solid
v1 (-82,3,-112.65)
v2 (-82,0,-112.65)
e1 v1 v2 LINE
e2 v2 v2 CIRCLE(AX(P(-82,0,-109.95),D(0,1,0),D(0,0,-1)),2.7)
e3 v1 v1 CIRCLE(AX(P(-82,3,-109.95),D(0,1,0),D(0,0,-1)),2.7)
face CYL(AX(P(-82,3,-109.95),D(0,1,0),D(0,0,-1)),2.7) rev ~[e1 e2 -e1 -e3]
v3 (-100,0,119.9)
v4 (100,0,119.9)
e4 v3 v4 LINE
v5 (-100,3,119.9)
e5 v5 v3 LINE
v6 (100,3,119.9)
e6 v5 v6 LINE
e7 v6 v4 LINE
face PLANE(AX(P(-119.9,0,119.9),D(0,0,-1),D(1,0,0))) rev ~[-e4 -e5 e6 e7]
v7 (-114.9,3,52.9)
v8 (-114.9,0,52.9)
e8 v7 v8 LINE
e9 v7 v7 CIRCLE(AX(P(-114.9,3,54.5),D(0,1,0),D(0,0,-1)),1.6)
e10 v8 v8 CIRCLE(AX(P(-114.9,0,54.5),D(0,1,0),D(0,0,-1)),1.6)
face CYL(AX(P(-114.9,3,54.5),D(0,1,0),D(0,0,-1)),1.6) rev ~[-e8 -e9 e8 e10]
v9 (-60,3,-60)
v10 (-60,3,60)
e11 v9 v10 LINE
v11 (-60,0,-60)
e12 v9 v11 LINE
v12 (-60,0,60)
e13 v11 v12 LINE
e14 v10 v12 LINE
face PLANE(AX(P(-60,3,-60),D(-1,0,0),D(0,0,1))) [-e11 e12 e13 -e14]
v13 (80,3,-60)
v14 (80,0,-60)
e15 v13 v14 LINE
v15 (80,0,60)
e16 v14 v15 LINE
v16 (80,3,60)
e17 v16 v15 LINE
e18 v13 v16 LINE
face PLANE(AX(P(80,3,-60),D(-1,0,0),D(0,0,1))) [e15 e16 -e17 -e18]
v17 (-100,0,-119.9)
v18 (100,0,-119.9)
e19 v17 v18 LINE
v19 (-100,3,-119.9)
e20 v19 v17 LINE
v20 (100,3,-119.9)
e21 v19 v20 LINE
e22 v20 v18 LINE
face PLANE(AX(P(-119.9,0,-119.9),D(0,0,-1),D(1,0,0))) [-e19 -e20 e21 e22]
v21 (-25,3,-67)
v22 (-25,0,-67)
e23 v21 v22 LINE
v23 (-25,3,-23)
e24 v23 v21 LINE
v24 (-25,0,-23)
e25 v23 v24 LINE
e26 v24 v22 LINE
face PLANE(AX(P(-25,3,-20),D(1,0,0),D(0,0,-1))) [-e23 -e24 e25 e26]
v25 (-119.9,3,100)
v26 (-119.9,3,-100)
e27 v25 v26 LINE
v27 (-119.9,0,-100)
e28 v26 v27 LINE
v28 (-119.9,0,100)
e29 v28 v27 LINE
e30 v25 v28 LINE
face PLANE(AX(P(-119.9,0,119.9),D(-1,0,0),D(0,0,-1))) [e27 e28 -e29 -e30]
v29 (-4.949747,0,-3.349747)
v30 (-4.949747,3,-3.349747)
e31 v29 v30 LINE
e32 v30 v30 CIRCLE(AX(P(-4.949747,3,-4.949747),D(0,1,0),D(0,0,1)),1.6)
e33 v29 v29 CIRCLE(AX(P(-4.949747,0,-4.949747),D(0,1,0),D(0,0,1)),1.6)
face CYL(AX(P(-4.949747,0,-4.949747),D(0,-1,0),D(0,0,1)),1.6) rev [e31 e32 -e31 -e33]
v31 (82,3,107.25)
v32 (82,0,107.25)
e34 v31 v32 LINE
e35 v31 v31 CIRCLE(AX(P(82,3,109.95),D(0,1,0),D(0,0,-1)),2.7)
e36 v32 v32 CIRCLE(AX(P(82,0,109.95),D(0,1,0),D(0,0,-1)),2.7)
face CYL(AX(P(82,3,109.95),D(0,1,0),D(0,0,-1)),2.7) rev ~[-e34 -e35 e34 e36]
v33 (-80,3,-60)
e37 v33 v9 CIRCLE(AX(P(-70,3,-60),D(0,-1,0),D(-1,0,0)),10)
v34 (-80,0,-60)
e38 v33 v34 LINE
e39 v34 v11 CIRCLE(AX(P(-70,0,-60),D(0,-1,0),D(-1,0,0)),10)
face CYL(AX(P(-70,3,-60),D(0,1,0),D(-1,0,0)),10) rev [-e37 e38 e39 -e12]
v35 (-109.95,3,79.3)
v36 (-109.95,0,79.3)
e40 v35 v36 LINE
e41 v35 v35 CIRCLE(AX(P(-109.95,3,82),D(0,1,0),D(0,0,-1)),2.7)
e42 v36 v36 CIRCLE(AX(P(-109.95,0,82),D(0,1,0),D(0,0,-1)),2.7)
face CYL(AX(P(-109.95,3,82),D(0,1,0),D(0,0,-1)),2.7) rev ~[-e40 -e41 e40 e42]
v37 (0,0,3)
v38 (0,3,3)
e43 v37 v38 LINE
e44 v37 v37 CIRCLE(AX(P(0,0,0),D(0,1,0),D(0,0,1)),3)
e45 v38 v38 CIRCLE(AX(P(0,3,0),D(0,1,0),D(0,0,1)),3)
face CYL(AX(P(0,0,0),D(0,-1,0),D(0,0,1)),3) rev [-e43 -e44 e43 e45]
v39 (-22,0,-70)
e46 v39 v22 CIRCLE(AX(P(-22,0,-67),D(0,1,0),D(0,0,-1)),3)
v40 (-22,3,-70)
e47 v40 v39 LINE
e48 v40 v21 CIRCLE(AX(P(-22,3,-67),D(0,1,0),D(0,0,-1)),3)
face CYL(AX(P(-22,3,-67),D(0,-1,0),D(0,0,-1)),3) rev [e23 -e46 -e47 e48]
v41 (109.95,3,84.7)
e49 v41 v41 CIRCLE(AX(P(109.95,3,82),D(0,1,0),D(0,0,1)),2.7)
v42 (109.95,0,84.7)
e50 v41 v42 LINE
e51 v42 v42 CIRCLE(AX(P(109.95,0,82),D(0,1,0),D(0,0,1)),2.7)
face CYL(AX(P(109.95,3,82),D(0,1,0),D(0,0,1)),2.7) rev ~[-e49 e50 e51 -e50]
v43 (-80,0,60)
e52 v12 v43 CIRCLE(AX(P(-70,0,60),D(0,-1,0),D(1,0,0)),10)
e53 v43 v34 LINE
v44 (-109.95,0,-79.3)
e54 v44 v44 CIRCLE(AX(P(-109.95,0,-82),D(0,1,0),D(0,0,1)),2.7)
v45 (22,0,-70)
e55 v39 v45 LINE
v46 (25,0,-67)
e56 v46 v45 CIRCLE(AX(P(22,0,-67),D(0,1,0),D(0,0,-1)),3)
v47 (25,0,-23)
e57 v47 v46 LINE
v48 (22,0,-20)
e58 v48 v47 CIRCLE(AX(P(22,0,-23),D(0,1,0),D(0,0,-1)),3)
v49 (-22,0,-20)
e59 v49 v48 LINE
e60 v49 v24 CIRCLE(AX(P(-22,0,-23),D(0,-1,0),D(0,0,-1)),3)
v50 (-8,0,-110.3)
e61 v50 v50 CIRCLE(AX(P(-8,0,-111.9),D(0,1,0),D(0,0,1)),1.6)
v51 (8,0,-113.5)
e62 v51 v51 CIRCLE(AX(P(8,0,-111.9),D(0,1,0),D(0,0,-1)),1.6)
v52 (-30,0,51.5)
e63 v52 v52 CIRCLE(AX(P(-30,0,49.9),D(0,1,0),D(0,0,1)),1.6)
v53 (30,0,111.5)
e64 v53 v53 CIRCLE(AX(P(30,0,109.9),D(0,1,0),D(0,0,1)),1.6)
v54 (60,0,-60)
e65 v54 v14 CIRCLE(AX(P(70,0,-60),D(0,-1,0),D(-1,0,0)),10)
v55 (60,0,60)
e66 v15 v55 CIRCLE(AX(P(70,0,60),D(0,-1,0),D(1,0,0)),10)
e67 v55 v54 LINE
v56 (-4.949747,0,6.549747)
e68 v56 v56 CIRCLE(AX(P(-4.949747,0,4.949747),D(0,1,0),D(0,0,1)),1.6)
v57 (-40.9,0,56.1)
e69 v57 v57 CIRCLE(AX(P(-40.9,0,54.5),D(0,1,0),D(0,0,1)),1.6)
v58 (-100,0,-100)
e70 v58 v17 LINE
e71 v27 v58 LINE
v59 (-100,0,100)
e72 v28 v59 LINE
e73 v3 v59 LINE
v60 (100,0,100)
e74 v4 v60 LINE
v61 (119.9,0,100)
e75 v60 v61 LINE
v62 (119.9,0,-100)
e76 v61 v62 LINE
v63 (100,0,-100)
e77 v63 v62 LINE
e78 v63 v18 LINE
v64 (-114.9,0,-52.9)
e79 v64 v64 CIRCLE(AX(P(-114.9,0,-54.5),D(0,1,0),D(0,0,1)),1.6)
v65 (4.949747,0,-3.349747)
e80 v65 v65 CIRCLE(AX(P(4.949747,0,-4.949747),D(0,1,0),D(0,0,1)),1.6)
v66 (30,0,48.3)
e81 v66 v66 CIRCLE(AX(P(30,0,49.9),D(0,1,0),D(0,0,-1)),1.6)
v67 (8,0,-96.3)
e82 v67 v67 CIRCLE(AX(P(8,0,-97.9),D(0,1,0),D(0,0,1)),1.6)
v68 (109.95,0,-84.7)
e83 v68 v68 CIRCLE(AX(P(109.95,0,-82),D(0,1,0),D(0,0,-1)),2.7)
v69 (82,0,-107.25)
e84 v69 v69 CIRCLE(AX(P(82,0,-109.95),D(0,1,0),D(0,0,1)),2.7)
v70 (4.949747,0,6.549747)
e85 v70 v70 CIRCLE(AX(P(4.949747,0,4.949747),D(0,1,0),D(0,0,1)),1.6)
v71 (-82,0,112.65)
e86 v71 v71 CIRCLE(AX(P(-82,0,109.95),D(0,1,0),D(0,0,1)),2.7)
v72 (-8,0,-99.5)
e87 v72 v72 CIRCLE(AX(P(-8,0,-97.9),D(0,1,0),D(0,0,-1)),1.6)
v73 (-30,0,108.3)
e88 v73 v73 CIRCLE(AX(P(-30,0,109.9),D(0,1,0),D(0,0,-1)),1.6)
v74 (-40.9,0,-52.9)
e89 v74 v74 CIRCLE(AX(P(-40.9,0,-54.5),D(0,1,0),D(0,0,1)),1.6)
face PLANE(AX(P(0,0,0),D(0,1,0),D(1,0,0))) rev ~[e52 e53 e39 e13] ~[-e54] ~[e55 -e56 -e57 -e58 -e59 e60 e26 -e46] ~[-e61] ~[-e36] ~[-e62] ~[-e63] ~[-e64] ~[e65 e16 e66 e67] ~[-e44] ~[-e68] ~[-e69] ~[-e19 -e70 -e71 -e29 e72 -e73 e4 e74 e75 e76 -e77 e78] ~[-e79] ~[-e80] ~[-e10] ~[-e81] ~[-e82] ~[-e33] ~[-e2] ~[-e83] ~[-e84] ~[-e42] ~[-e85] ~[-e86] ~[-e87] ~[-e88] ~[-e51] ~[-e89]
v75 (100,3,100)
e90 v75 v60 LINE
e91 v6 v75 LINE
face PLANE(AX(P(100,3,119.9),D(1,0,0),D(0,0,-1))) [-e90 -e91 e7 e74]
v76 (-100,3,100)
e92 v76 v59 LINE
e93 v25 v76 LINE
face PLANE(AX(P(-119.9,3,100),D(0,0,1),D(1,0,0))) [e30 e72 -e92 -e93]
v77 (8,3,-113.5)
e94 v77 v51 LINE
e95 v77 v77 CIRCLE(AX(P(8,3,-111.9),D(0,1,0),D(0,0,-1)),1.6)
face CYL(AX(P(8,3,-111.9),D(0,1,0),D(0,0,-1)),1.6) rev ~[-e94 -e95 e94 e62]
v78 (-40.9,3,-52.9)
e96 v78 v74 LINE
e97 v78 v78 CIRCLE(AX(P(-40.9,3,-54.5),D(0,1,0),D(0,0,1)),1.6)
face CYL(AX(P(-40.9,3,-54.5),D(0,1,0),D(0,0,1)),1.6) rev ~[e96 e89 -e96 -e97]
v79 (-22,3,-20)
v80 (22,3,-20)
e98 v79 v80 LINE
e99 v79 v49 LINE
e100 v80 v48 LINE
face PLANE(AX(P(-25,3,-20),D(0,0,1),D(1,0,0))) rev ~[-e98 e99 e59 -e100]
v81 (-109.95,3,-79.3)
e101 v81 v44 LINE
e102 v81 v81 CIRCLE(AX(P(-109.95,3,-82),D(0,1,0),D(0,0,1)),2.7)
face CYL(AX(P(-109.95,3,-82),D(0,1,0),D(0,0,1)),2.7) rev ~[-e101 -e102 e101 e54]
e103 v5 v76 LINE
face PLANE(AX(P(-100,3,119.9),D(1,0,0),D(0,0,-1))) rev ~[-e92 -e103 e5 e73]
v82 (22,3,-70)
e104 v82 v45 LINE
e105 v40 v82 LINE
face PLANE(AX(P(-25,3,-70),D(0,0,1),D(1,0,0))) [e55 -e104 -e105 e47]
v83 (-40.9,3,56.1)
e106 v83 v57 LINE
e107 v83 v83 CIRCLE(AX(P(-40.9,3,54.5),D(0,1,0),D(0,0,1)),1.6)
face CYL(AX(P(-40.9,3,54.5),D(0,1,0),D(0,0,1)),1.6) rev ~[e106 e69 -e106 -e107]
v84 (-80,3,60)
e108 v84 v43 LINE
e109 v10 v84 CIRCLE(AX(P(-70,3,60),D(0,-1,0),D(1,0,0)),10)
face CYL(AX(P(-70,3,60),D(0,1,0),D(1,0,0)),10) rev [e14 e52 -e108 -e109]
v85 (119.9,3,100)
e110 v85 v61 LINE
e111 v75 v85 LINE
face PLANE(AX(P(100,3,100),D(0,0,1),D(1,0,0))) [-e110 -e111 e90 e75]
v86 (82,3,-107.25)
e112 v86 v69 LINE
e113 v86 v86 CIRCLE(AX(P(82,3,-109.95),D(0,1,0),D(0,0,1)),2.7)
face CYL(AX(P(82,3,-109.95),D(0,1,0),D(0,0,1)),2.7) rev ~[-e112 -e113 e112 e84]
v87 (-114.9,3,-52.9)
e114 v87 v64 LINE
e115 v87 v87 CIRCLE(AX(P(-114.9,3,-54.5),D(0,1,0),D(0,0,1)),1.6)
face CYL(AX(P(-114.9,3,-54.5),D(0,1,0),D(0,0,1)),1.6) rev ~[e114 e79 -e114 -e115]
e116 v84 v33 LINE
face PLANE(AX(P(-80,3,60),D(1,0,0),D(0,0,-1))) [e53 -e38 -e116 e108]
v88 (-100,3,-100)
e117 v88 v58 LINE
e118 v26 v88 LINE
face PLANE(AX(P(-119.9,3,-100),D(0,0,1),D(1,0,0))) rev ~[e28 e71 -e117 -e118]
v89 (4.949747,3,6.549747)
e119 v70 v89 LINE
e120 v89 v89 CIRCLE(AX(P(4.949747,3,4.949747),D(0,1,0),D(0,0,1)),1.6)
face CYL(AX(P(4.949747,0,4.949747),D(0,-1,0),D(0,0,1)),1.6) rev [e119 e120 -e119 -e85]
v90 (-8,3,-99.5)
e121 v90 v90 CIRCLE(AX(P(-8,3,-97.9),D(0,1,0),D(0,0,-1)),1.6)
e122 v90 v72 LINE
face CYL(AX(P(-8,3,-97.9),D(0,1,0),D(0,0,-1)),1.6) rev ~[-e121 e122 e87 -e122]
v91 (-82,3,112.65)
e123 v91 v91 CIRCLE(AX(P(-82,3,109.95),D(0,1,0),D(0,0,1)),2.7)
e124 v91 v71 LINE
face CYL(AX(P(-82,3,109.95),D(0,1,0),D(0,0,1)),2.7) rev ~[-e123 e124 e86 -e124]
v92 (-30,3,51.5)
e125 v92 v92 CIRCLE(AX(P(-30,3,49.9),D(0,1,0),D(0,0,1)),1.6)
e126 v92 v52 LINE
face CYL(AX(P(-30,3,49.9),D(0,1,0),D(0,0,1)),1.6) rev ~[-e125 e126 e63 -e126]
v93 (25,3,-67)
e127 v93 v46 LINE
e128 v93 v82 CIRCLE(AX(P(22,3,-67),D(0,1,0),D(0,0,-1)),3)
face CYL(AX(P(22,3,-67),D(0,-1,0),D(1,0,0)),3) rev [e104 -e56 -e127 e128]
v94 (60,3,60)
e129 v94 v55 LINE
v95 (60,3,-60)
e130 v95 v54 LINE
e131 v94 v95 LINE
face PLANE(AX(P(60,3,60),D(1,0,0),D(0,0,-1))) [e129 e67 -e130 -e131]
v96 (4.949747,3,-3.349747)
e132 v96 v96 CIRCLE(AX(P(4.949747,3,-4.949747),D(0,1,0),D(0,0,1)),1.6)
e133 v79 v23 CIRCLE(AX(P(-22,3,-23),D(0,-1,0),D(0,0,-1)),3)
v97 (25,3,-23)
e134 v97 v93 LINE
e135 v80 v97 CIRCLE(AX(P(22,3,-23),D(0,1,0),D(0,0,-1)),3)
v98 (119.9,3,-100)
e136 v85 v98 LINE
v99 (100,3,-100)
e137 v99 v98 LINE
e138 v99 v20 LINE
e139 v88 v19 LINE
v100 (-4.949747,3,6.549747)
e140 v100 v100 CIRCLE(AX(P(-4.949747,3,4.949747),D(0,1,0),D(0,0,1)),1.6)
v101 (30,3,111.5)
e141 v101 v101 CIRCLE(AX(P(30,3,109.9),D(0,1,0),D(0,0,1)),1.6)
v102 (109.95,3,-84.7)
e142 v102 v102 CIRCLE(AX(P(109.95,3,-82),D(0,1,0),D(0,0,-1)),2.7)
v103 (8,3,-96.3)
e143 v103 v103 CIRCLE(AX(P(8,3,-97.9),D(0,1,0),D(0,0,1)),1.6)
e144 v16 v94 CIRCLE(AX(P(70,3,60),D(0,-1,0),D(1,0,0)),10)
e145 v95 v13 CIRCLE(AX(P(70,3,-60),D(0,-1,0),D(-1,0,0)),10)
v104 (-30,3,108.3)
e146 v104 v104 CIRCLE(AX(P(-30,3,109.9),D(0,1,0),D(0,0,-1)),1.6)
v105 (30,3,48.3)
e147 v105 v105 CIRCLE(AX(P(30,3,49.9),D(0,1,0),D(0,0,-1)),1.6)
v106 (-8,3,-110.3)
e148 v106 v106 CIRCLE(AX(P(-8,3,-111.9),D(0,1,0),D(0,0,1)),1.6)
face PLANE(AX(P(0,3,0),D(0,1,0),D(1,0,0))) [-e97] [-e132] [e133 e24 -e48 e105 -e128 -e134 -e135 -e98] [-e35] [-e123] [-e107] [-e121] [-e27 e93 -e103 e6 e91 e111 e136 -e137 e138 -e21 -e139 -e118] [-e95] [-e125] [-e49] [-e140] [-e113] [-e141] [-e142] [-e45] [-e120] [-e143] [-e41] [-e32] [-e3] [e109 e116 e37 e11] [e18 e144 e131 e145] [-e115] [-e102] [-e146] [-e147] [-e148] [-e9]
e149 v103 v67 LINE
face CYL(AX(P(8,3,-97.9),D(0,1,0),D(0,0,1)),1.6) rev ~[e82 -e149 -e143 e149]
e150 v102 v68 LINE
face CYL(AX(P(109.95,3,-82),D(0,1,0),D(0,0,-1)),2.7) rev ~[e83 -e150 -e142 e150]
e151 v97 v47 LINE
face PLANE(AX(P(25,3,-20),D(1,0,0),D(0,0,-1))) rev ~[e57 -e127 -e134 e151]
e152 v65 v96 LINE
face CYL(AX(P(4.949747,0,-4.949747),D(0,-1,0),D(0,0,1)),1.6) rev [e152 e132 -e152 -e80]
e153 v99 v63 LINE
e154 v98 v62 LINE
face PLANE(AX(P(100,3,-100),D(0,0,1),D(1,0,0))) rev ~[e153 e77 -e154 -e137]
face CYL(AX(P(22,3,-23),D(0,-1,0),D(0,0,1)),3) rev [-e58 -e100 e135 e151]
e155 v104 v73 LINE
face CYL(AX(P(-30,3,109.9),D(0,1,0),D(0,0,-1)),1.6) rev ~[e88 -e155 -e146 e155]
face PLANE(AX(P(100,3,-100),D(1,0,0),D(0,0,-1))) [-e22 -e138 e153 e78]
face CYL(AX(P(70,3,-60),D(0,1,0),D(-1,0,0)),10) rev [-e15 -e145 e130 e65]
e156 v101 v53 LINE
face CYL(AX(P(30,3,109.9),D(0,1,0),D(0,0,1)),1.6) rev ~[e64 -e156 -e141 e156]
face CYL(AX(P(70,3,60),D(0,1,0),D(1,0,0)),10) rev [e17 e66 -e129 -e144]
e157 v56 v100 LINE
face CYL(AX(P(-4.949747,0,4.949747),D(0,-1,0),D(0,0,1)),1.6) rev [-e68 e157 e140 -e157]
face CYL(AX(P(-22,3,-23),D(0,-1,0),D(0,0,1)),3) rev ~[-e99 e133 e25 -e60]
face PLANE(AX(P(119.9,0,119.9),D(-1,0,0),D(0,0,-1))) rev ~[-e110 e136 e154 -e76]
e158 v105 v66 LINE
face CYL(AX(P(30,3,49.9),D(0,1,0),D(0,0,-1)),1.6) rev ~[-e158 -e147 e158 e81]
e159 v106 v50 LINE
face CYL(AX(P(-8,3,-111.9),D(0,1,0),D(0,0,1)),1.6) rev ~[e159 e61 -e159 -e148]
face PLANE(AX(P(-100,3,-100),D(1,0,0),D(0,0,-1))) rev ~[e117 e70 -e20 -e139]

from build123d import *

# Parameters (mm, degrees)
SKETCH_1_W          = 239.8
SKETCH_1_H          = 239.8
SKETCH_1_R          = 3
SKETCH_1_R_2        = 1.6
EXTRUDE_1_DEPTH     = 3
SKETCH_2_R          = 1.6
SKETCH_2_W          = 19.9
SKETCH_2_H          = 19.9
CUT_EXTRUDE_2_DEPTH = 3
SKETCH_3_R          = 1.6
CUT_EXTRUDE_3_DEPTH = 3
SKETCH_4_W          = 50
SKETCH_4_H          = 50
CUT_EXTRUDE_4_DEPTH = 3
FILLET_1_R          = 3
SKETCH_5_R          = 2.7
CUT_EXTRUDE_5_DEPTH = 3
SKETCH_6_R          = 1.6
CUT_EXTRUDE_7_DEPTH = 3


with BuildPart() as part:
    # 草图1 → 凸台-拉伸1 (new body)
    with BuildSketch(Plane(origin=(0, 0, 0), x_dir=(1, 0, 0), z_dir=(0, 1, 0))):
        Rectangle(SKETCH_1_W, SKETCH_1_H)
        with Locations(Location((0, 0, 0), (0, 0, 270))):
            Circle(SKETCH_1_R, mode=Mode.SUBTRACT)
        with Locations(Location((4.949747468, 4.949747468, 0), (0, 0, 270))):
            Circle(SKETCH_1_R_2, mode=Mode.SUBTRACT)
        with Locations(Location((4.949747468, -4.949747468, 0), (0, 0, 270))):
            Circle(SKETCH_1_R_2, mode=Mode.SUBTRACT)
        with Locations(Location((-4.949747468, -4.949747468, 0), (0, 0, 270))):
            Circle(SKETCH_1_R_2, mode=Mode.SUBTRACT)
        with Locations(Location((-4.949747468, 4.949747468, 0), (0, 0, 270))):
            Circle(SKETCH_1_R_2, mode=Mode.SUBTRACT)
    extrude(amount=EXTRUDE_1_DEPTH)

    # 草图2 → 切除-拉伸2 (cut)
    with BuildSketch(Plane(origin=(0, 3, 0), x_dir=(1, 0, 0), z_dir=(0, 1, 0))):
        with Locations(Location((-8, 111.9, 0), (0, 0, 270))):
            Circle(SKETCH_2_R)
        with Locations(Location((8, 111.9, 0), (0, 0, 90))):
            Circle(SKETCH_2_R)
        with Locations(Location((8, 97.9, 0), (0, 0, 270))):
            Circle(SKETCH_2_R)
        with Locations(Location((-8, 97.9, 0), (0, 0, 90))):
            Circle(SKETCH_2_R)
        with Locations((109.95, 109.95)):
            Rectangle(SKETCH_2_W, SKETCH_2_H)
        with Locations((-109.95, 109.95)):
            Rectangle(SKETCH_2_W, SKETCH_2_H)
        with Locations((109.95, -109.95)):
            Rectangle(SKETCH_2_W, SKETCH_2_H)
        with Locations((-109.95, -109.95)):
            Rectangle(SKETCH_2_W, SKETCH_2_H)
    extrude(amount=-CUT_EXTRUDE_2_DEPTH, mode=Mode.SUBTRACT)

    # 草图3 → 切除-拉伸3 (cut)
    with BuildSketch(Plane(origin=(0, 3, 0), x_dir=(1, 0, 0), z_dir=(0, 1, 0))):
        with Locations(Location((-30, -49.9, 0), (0, 0, 270))):
            Circle(SKETCH_3_R)
        with Locations(Location((30, -49.9, 0), (0, 0, 90))):
            Circle(SKETCH_3_R)
        with Locations(Location((-30, -109.9, 0), (0, 0, 90))):
            Circle(SKETCH_3_R)
        with Locations(Location((30, -109.9, 0), (0, 0, 270))):
            Circle(SKETCH_3_R)
    extrude(amount=-CUT_EXTRUDE_3_DEPTH, mode=Mode.SUBTRACT)

    # 草图4 → 切除-拉伸4 (cut)
    with BuildSketch(Plane(origin=(0, 3, 0), x_dir=(1, 0, 0), z_dir=(0, 1, 0))):
        with BuildLine():
            Line((-60, 60), (-60, -60))
            ThreePointArc((-60, -60), (-70, -70), (-80, -60))
            Line((-80, -60), (-80, 60))
            ThreePointArc((-80, 60), (-70, 70), (-60, 60))
        make_face()
        with BuildLine():
            Line((80, 60), (80, -60))
            ThreePointArc((80, -60), (70, -70), (60, -60))
            Line((60, -60), (60, 60))
            ThreePointArc((60, 60), (70, 70), (80, 60))
        make_face()
        with Locations((0, 45)):
            Rectangle(SKETCH_4_W, SKETCH_4_H)
    extrude(amount=-CUT_EXTRUDE_4_DEPTH, mode=Mode.SUBTRACT)

    # 圆角1
    fillet_1_edges = [part.edges().sort_by_distance(p)[0] for p in [
        (25, 1.5, -70),
        (25, 1.5, -20),
        (-25, 1.5, -20),
        (-25, 1.5, -70),
    ]]
    fillet(fillet_1_edges, radius=FILLET_1_R)

    # 草图5 → 切除-拉伸5 (cut)
    with BuildSketch(Plane(origin=(0, 3, 0), x_dir=(1, 0, 0), z_dir=(0, 1, 0))):
        with Locations(Location((-109.95, 82, 0), (0, 0, 270))):
            Circle(SKETCH_5_R)
        with Locations(Location((-82, 109.95, 0), (0, 0, 90))):
            Circle(SKETCH_5_R)
        with Locations(Location((-109.95, -82, 0), (0, 0, 90))):
            Circle(SKETCH_5_R)
        with Locations(Location((-82, -109.95, 0), (0, 0, 270))):
            Circle(SKETCH_5_R)
        with Locations(Location((109.95, 82, 0), (0, 0, 90))):
            Circle(SKETCH_5_R)
        with Locations(Location((82, 109.95, 0), (0, 0, 270))):
            Circle(SKETCH_5_R)
        with Locations(Location((109.95, -82, 0), (0, 0, 270))):
            Circle(SKETCH_5_R)
        with Locations(Location((82, -109.95, 0), (0, 0, 90))):
            Circle(SKETCH_5_R)
    extrude(amount=-CUT_EXTRUDE_5_DEPTH, mode=Mode.SUBTRACT)

    # 草图6 → 切除-拉伸7 (cut)
    with BuildSketch(Plane(origin=(0, 3, 0), x_dir=(1, 0, 0), z_dir=(0, 1, 0))):
        with Locations(Location((-114.9, 54.5, 0), (0, 0, 270))):
            Circle(SKETCH_6_R)
        with Locations(Location((-40.9, 54.5, 0), (0, 0, 270))):
            Circle(SKETCH_6_R)
        with Locations(Location((-114.9, -54.5, 0), (0, 0, 90))):
            Circle(SKETCH_6_R)
        with Locations(Location((-40.9, -54.5, 0), (0, 0, 270))):
            Circle(SKETCH_6_R)
    extrude(amount=-CUT_EXTRUDE_7_DEPTH, mode=Mode.SUBTRACT)


solid = part.part
